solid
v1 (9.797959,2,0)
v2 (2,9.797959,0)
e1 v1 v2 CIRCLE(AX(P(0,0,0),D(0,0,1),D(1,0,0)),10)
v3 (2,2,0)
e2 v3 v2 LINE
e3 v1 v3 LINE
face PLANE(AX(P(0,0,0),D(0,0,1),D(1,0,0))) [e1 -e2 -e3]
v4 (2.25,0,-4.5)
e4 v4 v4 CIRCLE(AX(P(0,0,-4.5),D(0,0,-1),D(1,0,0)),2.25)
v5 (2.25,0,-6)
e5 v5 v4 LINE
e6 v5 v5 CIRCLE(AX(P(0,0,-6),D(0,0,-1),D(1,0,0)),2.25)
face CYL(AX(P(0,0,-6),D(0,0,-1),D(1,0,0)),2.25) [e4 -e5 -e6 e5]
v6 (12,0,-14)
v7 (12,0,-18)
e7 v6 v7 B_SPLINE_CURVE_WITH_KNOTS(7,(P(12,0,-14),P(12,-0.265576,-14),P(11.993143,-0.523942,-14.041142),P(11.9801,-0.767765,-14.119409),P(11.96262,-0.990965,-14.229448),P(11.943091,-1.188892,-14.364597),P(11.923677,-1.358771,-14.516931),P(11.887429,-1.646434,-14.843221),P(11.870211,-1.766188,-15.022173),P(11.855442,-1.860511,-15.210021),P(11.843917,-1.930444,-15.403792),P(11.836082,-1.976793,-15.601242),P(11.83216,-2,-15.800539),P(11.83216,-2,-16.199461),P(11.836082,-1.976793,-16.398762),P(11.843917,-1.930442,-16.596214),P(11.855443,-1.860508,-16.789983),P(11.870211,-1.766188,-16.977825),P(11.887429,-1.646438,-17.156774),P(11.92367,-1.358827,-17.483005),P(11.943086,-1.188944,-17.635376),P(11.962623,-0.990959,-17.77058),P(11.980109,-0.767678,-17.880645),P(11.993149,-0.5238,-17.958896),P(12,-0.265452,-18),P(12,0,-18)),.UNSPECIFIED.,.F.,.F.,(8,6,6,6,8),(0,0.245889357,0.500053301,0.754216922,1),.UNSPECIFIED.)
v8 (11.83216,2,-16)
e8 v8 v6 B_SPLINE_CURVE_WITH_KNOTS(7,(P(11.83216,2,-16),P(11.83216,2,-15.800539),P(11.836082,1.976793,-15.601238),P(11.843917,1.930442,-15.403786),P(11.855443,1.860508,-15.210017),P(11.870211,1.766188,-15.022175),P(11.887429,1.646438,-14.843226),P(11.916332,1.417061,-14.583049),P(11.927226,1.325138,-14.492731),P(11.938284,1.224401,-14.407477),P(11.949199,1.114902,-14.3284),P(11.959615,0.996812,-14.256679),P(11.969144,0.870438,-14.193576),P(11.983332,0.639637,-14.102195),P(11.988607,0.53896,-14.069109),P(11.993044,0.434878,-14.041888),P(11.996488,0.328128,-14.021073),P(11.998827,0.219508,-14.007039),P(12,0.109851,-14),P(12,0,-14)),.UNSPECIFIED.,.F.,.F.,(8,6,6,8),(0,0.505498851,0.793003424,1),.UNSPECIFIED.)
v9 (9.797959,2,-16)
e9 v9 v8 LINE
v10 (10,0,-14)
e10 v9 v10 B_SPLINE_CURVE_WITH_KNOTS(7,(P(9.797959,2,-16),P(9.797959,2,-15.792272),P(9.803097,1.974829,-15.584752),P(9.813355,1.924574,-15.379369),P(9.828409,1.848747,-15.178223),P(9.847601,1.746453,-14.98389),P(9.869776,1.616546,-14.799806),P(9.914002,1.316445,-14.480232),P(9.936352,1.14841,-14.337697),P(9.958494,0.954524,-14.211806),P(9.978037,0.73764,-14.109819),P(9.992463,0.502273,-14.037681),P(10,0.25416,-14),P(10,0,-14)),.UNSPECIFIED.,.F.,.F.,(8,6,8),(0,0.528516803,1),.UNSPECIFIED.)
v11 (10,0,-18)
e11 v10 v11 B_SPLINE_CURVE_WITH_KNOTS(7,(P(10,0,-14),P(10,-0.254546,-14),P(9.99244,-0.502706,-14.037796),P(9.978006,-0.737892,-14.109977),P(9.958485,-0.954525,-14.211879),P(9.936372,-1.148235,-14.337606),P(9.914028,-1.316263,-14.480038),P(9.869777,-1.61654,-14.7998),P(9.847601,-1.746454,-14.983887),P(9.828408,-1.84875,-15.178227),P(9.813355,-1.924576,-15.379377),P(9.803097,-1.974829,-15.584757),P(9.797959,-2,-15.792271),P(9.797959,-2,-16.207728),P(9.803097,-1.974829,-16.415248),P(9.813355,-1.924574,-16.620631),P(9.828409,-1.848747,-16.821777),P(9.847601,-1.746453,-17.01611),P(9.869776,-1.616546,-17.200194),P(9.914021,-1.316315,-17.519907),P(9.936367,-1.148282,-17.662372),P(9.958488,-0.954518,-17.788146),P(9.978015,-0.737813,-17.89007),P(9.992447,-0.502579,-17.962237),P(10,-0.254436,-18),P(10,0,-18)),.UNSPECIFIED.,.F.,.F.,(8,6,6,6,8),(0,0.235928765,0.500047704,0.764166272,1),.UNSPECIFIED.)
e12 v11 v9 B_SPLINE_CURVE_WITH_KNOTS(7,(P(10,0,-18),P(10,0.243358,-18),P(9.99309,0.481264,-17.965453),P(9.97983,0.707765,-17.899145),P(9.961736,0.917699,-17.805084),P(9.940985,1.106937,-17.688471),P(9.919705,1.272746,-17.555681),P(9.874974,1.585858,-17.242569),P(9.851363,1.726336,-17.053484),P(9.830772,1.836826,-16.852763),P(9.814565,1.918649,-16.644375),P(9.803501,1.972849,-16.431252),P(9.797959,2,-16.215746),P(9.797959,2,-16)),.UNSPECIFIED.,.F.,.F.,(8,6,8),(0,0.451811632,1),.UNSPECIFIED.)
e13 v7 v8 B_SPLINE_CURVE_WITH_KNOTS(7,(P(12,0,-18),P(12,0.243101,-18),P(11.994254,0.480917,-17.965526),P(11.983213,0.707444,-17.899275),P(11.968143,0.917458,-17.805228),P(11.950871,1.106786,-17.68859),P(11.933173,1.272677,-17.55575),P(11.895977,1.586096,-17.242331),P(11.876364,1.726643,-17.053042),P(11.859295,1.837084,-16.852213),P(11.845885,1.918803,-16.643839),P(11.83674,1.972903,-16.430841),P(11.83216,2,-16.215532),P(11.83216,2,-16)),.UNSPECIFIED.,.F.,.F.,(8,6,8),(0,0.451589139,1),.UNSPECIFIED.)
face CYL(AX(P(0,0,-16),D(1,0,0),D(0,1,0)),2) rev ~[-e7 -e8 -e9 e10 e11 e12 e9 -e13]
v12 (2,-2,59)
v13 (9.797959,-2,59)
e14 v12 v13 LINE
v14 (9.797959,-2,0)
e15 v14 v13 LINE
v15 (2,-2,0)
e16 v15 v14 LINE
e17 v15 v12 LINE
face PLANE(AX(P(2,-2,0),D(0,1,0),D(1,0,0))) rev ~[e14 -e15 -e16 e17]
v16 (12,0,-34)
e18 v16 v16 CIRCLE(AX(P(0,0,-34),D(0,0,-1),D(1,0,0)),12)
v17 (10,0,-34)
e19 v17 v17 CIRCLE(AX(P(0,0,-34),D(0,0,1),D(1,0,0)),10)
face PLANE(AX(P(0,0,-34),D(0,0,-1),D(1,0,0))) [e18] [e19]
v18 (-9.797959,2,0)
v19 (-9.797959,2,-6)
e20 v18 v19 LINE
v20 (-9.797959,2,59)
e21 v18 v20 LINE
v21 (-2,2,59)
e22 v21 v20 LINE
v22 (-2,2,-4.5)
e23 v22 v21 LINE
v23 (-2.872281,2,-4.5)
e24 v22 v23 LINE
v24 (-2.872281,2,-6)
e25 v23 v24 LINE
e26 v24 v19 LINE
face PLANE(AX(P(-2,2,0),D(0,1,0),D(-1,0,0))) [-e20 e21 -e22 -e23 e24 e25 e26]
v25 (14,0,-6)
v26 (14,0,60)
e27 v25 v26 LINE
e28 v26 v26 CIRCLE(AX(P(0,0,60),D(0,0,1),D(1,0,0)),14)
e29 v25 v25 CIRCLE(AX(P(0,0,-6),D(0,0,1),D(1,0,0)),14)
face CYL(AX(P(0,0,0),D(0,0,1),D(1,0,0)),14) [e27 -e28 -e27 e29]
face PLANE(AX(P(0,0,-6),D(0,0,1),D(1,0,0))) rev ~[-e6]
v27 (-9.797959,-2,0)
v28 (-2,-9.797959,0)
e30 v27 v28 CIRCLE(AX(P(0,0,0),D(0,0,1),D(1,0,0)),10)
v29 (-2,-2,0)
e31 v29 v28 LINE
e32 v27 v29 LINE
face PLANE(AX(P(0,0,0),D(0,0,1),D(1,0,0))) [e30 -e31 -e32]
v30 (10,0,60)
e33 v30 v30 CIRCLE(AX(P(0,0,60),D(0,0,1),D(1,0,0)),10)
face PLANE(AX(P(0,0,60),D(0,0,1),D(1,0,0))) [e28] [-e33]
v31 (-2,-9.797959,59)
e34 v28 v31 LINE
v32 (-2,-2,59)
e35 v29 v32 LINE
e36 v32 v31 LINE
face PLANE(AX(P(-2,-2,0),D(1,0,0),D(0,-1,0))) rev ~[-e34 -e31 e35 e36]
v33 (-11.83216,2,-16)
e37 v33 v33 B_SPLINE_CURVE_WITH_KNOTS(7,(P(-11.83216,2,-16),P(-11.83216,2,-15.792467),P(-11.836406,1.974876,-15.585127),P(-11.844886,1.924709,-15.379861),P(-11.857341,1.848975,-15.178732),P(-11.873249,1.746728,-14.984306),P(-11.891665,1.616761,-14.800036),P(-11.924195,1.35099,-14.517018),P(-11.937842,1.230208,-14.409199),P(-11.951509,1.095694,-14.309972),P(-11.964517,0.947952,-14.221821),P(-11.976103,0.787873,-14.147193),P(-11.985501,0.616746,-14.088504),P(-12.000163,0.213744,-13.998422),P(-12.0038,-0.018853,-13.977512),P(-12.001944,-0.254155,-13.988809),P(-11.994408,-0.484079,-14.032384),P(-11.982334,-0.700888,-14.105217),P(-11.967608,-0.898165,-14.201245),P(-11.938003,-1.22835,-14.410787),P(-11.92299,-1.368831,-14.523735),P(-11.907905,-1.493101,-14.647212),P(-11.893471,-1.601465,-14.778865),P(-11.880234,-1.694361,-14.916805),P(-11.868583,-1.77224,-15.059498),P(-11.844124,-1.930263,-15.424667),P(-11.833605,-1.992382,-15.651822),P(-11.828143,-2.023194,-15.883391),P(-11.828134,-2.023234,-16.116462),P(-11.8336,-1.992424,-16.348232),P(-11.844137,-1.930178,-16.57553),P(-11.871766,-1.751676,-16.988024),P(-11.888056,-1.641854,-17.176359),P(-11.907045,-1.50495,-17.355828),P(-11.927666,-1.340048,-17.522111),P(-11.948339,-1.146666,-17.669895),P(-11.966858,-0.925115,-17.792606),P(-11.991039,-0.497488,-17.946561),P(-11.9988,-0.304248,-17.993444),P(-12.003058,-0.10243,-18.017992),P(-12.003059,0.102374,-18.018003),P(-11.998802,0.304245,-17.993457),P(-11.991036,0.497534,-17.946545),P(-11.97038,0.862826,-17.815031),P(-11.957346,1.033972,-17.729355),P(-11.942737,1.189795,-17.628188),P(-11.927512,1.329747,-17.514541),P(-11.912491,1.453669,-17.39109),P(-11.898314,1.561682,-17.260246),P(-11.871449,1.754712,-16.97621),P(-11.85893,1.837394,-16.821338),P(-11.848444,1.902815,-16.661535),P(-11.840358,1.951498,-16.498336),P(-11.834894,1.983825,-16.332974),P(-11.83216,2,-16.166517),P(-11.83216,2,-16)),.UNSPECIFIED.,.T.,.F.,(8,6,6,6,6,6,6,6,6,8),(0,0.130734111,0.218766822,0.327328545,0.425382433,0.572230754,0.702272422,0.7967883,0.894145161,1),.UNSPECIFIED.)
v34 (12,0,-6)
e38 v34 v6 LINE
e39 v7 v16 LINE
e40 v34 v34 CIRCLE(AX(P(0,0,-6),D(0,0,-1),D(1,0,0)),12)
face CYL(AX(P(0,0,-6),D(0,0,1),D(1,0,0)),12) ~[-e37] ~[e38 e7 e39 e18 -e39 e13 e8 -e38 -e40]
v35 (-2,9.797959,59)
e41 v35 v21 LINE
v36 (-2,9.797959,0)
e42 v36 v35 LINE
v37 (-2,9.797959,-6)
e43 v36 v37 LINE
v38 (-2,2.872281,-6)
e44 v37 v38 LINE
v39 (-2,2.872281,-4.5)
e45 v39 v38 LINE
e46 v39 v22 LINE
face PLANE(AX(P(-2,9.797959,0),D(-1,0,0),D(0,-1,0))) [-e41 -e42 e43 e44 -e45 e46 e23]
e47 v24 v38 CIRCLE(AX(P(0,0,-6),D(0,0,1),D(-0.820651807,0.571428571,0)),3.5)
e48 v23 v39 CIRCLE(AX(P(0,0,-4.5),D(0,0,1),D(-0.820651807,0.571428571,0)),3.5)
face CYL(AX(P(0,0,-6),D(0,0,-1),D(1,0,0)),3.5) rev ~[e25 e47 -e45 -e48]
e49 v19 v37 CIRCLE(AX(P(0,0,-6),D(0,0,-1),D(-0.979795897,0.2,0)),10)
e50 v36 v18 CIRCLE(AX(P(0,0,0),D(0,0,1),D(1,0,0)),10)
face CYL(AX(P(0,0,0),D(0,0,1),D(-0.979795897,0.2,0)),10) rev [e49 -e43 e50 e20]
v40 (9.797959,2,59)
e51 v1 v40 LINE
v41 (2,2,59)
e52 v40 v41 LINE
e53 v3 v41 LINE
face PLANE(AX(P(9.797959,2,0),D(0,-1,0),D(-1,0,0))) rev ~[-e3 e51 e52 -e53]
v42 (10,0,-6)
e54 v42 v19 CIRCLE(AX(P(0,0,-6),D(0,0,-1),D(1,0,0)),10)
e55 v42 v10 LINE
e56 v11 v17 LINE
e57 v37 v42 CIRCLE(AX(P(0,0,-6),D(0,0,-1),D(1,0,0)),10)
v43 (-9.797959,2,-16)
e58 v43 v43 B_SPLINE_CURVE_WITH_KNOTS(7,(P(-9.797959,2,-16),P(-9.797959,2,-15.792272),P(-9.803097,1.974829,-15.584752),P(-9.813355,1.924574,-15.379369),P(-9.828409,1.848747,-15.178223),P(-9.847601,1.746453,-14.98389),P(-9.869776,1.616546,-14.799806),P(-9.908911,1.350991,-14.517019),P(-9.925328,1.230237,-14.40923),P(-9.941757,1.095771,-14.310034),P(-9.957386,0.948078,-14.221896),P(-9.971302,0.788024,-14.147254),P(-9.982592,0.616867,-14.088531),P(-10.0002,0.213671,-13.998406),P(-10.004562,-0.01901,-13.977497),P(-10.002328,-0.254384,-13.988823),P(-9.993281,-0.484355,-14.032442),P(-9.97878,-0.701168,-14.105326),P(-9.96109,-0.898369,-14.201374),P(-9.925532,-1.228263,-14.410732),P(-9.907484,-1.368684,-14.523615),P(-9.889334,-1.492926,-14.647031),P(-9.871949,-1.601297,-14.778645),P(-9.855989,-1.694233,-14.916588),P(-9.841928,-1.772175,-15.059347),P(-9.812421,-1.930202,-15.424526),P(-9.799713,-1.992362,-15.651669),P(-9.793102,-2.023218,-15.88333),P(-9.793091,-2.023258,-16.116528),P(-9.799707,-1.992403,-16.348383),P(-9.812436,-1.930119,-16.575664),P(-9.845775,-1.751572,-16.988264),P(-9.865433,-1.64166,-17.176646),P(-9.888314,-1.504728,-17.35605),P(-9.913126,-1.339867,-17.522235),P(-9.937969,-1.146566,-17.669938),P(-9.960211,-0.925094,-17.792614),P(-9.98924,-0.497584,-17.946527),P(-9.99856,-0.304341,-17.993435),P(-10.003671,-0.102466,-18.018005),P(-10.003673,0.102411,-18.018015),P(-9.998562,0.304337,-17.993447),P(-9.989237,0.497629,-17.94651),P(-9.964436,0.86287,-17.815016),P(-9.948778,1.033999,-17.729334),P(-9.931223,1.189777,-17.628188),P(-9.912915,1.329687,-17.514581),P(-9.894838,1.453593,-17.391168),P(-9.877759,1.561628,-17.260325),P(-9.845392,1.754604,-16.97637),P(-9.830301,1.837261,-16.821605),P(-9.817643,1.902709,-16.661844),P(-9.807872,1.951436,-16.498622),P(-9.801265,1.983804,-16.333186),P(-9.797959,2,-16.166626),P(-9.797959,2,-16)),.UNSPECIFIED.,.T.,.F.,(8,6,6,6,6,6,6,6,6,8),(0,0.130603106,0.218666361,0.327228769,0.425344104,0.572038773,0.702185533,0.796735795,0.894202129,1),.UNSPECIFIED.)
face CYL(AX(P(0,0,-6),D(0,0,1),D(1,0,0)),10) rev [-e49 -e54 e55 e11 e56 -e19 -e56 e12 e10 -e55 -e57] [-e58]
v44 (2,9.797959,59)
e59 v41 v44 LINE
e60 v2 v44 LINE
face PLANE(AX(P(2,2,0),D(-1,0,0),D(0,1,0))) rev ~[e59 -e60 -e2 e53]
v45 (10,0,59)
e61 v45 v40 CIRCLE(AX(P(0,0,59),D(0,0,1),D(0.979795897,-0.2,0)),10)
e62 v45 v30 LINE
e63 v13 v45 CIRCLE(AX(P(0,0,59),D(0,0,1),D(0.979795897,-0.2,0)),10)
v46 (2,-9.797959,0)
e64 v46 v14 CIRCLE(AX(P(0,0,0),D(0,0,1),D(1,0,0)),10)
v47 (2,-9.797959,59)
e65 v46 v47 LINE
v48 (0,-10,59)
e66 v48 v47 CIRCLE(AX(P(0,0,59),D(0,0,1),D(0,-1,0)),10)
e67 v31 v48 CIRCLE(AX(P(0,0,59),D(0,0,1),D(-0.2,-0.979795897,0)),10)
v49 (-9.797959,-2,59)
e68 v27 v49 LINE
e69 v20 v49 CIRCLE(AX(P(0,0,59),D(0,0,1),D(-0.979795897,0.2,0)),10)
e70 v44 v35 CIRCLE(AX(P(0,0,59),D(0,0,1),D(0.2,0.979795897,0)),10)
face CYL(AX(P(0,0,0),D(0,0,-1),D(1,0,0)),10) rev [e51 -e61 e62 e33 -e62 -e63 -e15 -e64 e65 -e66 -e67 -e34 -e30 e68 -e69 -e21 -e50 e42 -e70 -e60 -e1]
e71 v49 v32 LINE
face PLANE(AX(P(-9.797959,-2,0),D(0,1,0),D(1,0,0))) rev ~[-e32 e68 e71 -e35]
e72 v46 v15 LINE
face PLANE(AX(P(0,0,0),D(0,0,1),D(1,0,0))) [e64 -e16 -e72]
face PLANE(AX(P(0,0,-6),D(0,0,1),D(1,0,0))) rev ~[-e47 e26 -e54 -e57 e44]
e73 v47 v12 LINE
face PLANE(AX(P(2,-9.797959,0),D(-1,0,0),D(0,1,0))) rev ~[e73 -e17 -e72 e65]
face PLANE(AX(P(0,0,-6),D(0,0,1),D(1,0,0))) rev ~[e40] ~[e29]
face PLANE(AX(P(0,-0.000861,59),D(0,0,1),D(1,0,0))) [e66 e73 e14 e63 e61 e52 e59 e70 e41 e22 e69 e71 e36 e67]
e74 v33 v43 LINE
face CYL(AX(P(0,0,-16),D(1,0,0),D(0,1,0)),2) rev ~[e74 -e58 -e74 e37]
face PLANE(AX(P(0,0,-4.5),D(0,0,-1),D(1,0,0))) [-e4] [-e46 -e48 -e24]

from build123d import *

# Parameters (mm, degrees)
F1_R      = 14
F1_R_2    = 10
F2_DEPTH  = 60
F4_DEPTH  = 59
F6_R      = 14
F7_DEPTH  = 6
F8_R      = 3.5
F8_R_2    = 2.25
F9_DEPTH  = 1.5
F10_R     = 12
F10_R_2   = 10
F11_DEPTH = 28
F12_R     = 2
F13_DEPTH = 12.5
F14_DEPTH = 34.0010001


with BuildPart() as f2:
    # F1 (on face) → F2 (new body)
    with BuildSketch(Plane.XY):
        Circle(F1_R)
        Circle(F1_R_2, mode=Mode.SUBTRACT)
    extrude(amount=F2_DEPTH)

    # F3 (on Top) → F4 (join)
    with BuildSketch(Plane.XY):
        with BuildLine():
            ThreePointArc((2, 9.7979589711), (0, 10), (-2, 9.7979589711))
            Line((-2, 9.7979589711), (-2, 2))
            Line((-2, 2), (-9.7979589711, 2))
            ThreePointArc((-9.7979589711, 2), (-10, 0), (-9.7979589711, -2))
            Line((-9.7979589711, -2), (-2, -2))
            Line((-2, -2), (-2, -9.7979589711))
            ThreePointArc((-2, -9.7979589711), (-1.0050896201, -9.9493615301), (0, -10))
            ThreePointArc((0, -10), (1.0050896201, -9.9493615301), (2, -9.7979589711))
            Line((2, -9.7979589711), (2, -2))
            Line((2, -2), (9.7979589711, -2))
            ThreePointArc((9.7979589711, -2), (10, 0), (9.7979589711, 2))
            Line((9.7979589711, 2), (2, 2))
            Line((2, 2), (2, 9.7979589711))
        make_face()
    extrude(amount=F4_DEPTH)

    # F6 (on Top) → F7 (join)
    with BuildSketch(Plane.XY):
        Circle(F6_R)
        with BuildLine():
            ThreePointArc((-9.7979589711, 2), (-7.0710678119, 7.0710678119), (-2, 9.7979589711))
            Line((-2, 9.7979589711), (-2, 2))
            Line((-2, 2), (-9.7979589711, 2))
        make_face(mode=Mode.SUBTRACT)
    extrude(amount=-F7_DEPTH)

    # F8 (on face) → F9 (cut)
    with BuildSketch(Plane(origin=(0, 0, -6), x_dir=(1, 0, 0), z_dir=(0, 0, -1))):
        Circle(F8_R)
        Circle(F8_R_2, mode=Mode.SUBTRACT)
    extrude(amount=-F9_DEPTH, mode=Mode.SUBTRACT)

    # F10 (on face) → F11 (join)
    with BuildSketch(Plane(origin=(0, 0, -6), x_dir=(1, 0, 0), z_dir=(0, 0, -1))):
        Circle(F10_R)
        Circle(F10_R_2, mode=Mode.SUBTRACT)
    extrude(amount=F11_DEPTH)

    # F12 (on Right) → F13 (cut, symmetric)
    with BuildSketch(Plane.YZ):
        with Locations((0, -16)):
            Circle(F12_R)
    extrude(amount=F13_DEPTH, both=True, mode=Mode.SUBTRACT)

    # F6 (on Top) → F14 (cut, through all)
    with BuildSketch(Plane.XY):
        with BuildLine():
            Line((-2, 2), (-2, 9.7979589711))
            ThreePointArc((-2, 9.7979589711), (-7.0710678119, 7.0710678119), (-9.7979589711, 2))
            Line((-9.7979589711, 2), (-2, 2))
        make_face()
    extrude(amount=-F14_DEPTH, mode=Mode.SUBTRACT)


solid = f2.part
